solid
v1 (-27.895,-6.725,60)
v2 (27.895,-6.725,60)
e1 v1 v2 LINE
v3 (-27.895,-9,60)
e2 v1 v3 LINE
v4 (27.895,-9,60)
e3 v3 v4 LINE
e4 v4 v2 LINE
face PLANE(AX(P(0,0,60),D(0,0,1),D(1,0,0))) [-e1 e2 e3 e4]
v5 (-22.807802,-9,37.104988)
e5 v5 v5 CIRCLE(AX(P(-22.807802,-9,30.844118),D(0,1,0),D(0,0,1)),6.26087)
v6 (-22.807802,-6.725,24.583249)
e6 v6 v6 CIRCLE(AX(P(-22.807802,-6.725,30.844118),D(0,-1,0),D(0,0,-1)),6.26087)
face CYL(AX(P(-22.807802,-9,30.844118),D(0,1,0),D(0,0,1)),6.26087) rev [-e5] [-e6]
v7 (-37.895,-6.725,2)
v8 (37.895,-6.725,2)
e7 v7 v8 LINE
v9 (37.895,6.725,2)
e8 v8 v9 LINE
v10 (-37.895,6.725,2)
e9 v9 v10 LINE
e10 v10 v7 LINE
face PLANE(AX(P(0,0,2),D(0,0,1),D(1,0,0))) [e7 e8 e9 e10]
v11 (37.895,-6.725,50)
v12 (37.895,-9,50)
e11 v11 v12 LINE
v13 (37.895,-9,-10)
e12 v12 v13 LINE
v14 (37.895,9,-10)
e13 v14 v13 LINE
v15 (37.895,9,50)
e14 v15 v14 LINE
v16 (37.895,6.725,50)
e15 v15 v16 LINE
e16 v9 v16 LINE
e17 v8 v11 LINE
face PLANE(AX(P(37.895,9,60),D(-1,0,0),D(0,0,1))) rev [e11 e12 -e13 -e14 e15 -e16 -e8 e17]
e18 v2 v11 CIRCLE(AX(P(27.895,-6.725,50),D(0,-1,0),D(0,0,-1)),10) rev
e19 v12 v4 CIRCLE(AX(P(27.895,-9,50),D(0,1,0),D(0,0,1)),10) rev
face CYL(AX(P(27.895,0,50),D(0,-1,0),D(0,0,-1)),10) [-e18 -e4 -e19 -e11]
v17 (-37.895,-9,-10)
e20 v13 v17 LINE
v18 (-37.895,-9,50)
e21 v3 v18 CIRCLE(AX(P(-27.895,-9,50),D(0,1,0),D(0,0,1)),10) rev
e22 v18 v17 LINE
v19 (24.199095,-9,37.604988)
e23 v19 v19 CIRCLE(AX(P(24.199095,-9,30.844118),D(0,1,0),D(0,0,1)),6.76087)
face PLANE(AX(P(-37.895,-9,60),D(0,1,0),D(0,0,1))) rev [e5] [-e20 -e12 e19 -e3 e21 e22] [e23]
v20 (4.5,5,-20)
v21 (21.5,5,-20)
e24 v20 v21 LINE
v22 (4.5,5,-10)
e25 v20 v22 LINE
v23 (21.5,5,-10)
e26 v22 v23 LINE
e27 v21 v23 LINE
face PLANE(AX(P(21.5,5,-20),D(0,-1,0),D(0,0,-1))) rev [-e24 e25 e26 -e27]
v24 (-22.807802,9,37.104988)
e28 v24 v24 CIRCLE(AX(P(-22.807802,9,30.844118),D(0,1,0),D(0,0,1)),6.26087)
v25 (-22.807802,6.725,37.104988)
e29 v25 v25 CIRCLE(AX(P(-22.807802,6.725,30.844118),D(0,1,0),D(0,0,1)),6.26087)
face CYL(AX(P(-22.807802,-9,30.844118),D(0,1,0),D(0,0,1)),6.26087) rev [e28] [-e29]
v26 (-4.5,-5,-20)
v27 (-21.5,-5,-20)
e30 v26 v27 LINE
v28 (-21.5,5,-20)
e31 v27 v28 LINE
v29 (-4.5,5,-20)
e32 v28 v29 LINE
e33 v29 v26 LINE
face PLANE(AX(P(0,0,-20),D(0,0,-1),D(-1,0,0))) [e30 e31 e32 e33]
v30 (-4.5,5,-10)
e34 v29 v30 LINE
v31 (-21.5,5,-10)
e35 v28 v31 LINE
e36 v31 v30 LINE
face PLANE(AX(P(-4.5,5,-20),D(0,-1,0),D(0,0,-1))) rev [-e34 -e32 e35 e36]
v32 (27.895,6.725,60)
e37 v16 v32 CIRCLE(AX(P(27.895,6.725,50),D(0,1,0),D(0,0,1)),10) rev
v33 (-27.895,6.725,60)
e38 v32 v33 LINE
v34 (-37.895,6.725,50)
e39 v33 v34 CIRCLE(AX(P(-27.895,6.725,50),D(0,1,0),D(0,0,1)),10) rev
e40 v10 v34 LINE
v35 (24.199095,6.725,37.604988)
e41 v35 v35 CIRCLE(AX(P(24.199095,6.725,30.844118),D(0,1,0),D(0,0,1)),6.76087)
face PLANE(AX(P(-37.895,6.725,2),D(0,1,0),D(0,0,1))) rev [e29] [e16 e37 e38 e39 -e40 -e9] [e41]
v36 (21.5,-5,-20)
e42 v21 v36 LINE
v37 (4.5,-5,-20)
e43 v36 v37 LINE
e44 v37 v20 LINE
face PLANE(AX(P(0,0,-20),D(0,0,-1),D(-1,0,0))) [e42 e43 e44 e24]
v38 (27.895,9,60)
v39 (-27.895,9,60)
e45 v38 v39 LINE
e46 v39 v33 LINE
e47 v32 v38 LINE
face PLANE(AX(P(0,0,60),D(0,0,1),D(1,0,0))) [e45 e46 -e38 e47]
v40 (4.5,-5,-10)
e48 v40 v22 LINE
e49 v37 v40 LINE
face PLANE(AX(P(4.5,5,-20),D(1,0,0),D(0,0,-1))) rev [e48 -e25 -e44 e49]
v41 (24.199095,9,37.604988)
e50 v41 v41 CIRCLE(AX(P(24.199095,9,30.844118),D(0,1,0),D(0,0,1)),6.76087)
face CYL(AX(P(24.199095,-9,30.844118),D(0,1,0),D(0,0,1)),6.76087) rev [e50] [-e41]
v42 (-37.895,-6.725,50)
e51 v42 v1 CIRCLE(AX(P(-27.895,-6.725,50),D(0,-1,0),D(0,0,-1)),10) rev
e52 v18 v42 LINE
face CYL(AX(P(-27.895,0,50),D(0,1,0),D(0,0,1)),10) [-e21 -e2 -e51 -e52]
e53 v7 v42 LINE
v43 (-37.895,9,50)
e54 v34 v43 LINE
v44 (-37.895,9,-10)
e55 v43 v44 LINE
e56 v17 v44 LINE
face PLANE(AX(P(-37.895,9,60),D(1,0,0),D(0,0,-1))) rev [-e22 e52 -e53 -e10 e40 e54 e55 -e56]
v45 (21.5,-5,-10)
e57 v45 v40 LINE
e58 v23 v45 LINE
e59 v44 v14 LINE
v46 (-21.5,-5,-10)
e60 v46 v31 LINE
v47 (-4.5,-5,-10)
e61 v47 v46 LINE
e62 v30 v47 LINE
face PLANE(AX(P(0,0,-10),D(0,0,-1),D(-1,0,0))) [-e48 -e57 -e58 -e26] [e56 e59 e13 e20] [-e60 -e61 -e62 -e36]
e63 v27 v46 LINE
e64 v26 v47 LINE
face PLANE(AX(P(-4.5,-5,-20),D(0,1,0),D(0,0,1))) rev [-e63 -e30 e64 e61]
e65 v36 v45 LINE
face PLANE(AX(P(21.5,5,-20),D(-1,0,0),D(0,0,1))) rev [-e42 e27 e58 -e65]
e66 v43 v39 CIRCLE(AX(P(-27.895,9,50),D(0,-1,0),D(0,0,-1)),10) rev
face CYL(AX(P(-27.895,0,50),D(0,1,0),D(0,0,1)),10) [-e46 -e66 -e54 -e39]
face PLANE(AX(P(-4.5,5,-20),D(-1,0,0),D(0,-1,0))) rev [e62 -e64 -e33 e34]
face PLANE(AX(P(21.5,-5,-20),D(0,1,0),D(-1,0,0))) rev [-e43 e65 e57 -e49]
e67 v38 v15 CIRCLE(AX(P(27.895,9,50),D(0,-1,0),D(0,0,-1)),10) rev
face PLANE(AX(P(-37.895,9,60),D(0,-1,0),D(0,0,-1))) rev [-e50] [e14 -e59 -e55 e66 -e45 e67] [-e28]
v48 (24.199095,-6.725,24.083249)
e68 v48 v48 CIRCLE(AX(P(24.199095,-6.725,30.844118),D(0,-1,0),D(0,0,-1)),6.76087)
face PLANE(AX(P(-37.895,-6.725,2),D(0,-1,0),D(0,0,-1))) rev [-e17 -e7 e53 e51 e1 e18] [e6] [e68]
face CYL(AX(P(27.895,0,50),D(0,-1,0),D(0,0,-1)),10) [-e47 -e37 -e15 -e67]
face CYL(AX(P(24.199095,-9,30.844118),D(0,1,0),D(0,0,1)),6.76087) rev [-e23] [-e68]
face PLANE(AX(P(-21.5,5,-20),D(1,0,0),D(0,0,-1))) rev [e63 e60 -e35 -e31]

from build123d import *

# Parameters (mm, degrees)
SKETCH1_W           = 75.79
SKETCH1_H           = 18
BOSS_EXTRUDE1_DEPTH = 60
SKETCH2_W           = 75.79
SKETCH2_H           = 13.45
CUT_EXTRUDE1_DEPTH  = 58
SKETCH7_R           = 6.260869565
SKETCH7_R_2         = 6.760869565
CUT_EXTRUDE3_DEPTH  = 74.212232755
SKETCH6_W           = 75.79
SKETCH6_H           = 18
BOSS_EXTRUDE2_DEPTH = 10
SKETCH8_W           = 17
SKETCH8_H           = 10
BOSS_EXTRUDE3_DEPTH = 10
FILLET1_R           = 10


with BuildPart() as part:
    # Sketch1 → Boss-Extrude1 (new body)
    with BuildSketch(Plane.XY):
        Rectangle(SKETCH1_W, SKETCH1_H)
    extrude(amount=BOSS_EXTRUDE1_DEPTH)

    # Sketch2 → Cut-Extrude1 (cut)
    with BuildSketch(Plane.XY.offset(60)):
        Rectangle(SKETCH2_W, SKETCH2_H)
    extrude(amount=-CUT_EXTRUDE1_DEPTH, mode=Mode.SUBTRACT)

    # Sketch7 → Cut-Extrude3 (cut, through all)
    with BuildSketch(Plane(origin=(0, 9, 0), x_dir=(1, 0, 0), z_dir=(0, 1, 0))):
        with Locations(Location((-22.807801707, -30.844118328, 0), (0, 0, 270))):
            Circle(SKETCH7_R)
        with Locations(Location((24.199095104, -30.844118328, 0), (0, 0, 270))):
            Circle(SKETCH7_R_2)
    extrude(amount=-CUT_EXTRUDE3_DEPTH, mode=Mode.SUBTRACT)

    # Sketch6 → Boss-Extrude2 (add)
    with BuildSketch(Plane(origin=(0, 0, 0), x_dir=(-1, 0, 0), z_dir=(0, 0, -1))):
        Rectangle(SKETCH6_W, SKETCH6_H)
    extrude(amount=BOSS_EXTRUDE2_DEPTH)

    # Sketch8 → Boss-Extrude3 (add)
    with BuildSketch(Plane(origin=(0, 0, -10), x_dir=(-1, 0, 0), z_dir=(0, 0, -1))):
        with Locations((-13, 0)):
            Rectangle(SKETCH8_W, SKETCH8_H)
        with Locations((13, 0)):
            Rectangle(SKETCH8_W, SKETCH8_H)
    extrude(amount=BOSS_EXTRUDE3_DEPTH)

    # Fillet1
    fillet1_edges = [part.edges().sort_by_distance(p)[0] for p in [
        (-37.895, 7.8625, 60),
        (37.895, 7.8625, 60),
        (-37.895, -7.8625, 60),
        (37.895, -7.8625, 60),
    ]]
    fillet(fillet1_edges, radius=FILLET1_R)


solid = part.part
